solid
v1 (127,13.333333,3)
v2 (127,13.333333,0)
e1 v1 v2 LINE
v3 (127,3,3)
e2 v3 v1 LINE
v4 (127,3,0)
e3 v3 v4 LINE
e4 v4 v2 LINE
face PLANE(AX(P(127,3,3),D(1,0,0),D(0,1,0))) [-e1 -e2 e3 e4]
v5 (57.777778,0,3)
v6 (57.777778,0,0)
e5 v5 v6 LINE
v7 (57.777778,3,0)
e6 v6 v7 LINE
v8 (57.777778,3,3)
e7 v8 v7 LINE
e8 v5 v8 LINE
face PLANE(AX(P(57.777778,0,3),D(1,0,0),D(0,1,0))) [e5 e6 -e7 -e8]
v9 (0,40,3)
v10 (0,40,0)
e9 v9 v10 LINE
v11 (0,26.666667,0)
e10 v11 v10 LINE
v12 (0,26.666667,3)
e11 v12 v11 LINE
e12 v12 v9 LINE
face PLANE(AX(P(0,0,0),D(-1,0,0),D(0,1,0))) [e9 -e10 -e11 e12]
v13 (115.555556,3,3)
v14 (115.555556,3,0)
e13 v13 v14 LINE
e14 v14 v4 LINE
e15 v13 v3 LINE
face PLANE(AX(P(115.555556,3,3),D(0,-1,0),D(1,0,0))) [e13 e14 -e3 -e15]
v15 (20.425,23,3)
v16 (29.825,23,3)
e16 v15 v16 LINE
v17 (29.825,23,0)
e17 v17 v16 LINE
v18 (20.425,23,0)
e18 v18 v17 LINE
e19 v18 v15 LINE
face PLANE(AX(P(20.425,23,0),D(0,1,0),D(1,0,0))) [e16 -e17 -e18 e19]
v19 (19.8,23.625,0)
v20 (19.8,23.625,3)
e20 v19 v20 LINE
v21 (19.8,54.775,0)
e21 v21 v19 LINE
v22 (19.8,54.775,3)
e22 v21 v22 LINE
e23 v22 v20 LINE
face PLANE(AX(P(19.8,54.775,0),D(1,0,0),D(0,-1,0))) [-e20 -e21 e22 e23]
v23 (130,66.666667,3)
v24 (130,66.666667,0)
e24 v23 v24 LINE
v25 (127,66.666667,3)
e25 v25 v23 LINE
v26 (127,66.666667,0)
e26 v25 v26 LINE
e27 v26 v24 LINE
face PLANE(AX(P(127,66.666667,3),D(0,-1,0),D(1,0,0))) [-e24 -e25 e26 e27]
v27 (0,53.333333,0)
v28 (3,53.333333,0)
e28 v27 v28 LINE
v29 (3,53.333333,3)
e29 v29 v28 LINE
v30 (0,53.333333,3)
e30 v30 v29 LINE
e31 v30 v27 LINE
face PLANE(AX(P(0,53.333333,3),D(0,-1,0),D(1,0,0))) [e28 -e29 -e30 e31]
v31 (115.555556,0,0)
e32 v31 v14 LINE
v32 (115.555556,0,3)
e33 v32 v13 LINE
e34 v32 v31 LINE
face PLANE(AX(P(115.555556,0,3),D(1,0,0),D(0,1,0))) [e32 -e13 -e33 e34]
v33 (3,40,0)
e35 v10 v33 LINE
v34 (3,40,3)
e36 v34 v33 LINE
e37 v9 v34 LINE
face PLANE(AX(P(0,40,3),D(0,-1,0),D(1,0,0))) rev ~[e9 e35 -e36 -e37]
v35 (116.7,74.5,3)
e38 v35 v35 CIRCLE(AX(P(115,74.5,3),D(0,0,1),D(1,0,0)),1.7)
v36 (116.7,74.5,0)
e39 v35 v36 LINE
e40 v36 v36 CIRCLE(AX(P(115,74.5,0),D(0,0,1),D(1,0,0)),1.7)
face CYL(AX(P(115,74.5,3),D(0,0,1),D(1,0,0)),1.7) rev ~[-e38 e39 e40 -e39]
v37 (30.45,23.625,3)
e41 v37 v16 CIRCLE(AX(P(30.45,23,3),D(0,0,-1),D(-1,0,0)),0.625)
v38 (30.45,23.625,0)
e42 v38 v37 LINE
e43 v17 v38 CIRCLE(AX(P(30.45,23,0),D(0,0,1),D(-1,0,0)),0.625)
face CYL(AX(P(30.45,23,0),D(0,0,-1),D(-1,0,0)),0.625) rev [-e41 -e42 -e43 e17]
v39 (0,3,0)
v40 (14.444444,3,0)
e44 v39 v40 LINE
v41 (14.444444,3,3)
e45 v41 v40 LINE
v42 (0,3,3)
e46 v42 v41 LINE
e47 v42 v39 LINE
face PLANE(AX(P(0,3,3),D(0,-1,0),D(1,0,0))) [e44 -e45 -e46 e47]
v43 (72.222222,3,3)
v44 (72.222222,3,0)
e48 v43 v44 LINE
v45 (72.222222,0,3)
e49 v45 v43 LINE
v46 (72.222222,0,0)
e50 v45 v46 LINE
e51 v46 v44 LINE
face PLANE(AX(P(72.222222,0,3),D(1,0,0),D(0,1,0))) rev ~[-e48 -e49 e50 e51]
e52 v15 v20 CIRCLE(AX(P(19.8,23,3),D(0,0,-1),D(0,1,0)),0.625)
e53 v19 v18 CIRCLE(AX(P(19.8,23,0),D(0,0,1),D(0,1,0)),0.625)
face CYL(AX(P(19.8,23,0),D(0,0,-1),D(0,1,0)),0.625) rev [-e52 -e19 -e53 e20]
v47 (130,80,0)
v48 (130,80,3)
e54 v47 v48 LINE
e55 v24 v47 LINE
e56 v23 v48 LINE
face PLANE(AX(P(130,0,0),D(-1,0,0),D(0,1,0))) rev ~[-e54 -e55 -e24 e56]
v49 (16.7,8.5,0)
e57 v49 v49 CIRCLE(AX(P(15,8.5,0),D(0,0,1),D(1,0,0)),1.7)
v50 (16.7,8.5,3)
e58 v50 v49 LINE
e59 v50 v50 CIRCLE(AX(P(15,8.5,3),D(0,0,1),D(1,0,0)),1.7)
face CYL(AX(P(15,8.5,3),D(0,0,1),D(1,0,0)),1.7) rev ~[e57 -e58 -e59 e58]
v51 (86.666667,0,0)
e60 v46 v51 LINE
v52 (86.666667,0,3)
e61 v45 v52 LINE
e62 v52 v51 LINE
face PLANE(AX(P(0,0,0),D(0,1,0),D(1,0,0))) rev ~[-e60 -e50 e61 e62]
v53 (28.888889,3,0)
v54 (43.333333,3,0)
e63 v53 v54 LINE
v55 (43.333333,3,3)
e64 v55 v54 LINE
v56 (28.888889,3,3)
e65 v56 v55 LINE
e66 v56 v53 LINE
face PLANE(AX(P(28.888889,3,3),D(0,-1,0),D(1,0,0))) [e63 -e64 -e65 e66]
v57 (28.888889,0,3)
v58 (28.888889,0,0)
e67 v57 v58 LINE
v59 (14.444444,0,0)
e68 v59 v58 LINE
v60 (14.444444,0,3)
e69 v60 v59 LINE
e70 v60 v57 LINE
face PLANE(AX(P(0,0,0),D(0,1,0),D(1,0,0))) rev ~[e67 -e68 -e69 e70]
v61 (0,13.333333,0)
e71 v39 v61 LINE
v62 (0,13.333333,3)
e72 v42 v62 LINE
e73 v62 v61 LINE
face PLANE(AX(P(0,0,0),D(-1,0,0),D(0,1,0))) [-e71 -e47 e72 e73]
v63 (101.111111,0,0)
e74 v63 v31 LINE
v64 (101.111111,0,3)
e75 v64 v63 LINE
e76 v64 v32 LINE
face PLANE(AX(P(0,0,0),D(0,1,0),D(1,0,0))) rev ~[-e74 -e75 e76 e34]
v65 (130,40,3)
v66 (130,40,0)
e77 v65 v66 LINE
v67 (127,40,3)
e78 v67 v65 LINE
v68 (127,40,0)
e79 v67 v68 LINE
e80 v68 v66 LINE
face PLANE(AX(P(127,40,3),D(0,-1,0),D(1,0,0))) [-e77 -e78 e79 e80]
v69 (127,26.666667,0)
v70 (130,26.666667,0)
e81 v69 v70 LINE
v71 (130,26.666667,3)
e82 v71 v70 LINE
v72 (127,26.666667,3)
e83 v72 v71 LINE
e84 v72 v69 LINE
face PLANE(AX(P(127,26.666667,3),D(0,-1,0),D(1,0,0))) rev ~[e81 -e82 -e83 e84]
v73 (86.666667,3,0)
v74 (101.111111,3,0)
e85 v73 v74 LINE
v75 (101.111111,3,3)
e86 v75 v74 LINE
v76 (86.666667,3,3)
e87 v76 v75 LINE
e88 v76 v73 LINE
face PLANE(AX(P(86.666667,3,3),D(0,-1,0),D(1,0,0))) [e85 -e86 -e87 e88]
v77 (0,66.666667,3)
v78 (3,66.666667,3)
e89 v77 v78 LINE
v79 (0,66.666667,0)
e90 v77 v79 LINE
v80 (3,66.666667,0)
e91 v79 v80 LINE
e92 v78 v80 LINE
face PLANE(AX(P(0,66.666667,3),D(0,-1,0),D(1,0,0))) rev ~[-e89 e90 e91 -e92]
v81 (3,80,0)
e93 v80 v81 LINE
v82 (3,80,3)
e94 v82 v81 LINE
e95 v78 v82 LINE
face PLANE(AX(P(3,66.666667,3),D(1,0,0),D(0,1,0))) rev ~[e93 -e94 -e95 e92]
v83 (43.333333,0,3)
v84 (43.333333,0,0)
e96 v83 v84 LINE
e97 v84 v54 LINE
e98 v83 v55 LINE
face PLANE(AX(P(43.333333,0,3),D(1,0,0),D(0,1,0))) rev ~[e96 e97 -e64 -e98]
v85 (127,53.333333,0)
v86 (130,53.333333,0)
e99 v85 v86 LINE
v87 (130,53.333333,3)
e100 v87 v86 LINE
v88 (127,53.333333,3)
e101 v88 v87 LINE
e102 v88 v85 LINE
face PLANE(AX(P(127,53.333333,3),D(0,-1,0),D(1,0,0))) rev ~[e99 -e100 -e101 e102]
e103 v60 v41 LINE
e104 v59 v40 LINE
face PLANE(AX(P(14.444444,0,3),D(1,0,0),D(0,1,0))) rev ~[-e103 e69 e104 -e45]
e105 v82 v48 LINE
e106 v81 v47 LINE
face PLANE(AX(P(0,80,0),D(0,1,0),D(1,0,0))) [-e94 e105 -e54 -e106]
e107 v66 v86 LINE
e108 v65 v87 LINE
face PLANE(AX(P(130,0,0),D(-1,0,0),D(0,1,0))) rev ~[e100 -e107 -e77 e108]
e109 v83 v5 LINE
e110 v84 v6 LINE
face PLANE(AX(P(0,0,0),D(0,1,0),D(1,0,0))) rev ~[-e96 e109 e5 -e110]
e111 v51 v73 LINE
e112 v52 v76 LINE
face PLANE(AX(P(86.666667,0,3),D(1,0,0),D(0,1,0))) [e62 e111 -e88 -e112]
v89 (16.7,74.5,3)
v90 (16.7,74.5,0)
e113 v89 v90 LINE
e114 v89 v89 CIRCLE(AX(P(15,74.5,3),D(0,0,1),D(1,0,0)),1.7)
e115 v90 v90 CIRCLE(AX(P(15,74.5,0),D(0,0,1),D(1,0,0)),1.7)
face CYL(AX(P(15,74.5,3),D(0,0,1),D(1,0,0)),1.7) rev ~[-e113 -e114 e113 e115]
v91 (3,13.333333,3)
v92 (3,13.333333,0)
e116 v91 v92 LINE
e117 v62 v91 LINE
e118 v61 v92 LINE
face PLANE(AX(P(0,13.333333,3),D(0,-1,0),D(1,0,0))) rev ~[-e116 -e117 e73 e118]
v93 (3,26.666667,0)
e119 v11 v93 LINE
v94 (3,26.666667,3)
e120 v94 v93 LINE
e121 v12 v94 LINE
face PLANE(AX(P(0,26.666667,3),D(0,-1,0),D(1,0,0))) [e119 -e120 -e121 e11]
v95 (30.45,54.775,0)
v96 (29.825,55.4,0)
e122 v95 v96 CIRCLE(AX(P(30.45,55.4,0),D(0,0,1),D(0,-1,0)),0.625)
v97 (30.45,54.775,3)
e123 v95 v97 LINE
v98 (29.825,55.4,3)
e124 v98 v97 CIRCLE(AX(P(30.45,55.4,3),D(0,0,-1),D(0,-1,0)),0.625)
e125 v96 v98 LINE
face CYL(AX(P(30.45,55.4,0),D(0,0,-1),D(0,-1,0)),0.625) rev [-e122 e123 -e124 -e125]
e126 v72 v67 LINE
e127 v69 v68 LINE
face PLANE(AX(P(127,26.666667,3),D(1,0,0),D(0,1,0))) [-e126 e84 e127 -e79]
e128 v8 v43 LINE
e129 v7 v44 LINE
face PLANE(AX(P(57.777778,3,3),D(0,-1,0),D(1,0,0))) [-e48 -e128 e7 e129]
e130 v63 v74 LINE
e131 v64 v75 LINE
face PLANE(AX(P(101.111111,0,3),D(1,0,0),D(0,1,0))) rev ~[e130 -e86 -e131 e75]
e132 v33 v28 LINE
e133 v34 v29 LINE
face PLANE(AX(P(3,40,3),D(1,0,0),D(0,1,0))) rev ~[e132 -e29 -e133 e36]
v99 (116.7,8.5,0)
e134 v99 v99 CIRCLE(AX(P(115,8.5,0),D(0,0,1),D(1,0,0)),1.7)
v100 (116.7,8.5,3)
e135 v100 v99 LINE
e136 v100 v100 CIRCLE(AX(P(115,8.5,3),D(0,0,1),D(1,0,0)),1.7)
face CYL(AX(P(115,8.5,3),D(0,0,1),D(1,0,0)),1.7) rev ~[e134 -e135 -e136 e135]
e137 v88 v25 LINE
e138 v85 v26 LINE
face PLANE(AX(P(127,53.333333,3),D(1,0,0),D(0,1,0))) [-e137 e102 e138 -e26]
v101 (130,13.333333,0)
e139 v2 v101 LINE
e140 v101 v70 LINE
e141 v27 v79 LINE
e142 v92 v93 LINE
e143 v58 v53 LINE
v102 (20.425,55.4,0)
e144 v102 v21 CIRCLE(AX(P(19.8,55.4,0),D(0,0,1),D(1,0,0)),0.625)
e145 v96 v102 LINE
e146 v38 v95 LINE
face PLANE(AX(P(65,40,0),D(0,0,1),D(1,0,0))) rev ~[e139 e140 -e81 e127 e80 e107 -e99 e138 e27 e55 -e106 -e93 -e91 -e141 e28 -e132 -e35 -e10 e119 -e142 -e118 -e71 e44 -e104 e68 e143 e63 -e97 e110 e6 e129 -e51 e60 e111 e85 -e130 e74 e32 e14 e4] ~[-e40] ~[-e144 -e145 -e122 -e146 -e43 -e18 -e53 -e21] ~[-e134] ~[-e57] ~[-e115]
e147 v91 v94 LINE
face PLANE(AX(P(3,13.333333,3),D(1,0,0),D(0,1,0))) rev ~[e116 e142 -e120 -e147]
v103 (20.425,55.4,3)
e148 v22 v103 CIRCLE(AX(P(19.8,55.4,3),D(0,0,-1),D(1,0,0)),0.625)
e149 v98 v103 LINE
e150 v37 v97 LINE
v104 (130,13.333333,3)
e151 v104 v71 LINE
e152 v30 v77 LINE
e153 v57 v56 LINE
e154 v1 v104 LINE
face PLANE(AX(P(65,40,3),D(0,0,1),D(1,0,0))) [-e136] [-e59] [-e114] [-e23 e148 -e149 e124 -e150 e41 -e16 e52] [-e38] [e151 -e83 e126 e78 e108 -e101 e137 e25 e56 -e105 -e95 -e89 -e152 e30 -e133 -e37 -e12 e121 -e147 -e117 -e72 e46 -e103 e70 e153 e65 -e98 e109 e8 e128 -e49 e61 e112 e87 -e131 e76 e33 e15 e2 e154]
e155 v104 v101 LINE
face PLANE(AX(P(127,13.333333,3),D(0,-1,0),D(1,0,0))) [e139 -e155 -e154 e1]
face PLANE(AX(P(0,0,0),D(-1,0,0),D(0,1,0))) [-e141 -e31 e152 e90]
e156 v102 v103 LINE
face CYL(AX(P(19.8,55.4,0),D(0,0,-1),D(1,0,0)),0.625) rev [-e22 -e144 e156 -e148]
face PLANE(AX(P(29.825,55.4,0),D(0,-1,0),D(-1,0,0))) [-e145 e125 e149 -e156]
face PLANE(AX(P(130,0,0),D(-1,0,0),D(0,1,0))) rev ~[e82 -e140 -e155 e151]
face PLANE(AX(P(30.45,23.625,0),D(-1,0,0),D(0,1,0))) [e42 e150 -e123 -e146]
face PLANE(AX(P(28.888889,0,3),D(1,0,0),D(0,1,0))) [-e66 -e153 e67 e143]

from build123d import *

# Parameters (mm, degrees)
SKETCH1_W                   = 130
SKETCH1_H                   = 80
BOSS_EXTRUDE1_DEPTH         = 3
SKETCH2_W                   = 14.444444444
SKETCH2_H                   = 3
SKETCH2_W_2                 = 3
SKETCH2_H_2                 = 13.333333334
SKETCH2_H_3                 = 13.333333333
CUT_EXTRUDE1_DEPTH          = 153.672852859
CUT_CORNERPIECE_HOLES_REACH = 154.673
SKETCH3_R                   = 1.7
CUT_EXTRUDE3_REACH          = 154.673


with BuildPart() as part:
    # Sketch1 → Boss-Extrude1 (new body)
    with BuildSketch(Plane.XY):
        with Locations((65, 40)):
            Rectangle(SKETCH1_W, SKETCH1_H)
    extrude(amount=BOSS_EXTRUDE1_DEPTH)

    # Sketch2 → Cut-Extrude1 (cut, through all)
    with BuildSketch(Plane.XY.offset(3)):
        with Locations((7.222222222, 1.5)):
            Rectangle(SKETCH2_W, SKETCH2_H)
        with Locations((36.111111111, 1.5)):
            Rectangle(SKETCH2_W, SKETCH2_H)
        with Locations((65, 1.5)):
            Rectangle(SKETCH2_W, SKETCH2_H)
        with Locations((93.888888889, 1.5)):
            Rectangle(SKETCH2_W, SKETCH2_H)
        Polygon((115.555555556, 0), (115.555555556, 3), (127, 3), (127, 13.333333333), (130, 13.333333333), (130, 0), align=None)
        with Locations((1.5, 20)):
            Rectangle(SKETCH2_W_2, SKETCH2_H_2)
        with Locations((1.5, 46.666666667)):
            Rectangle(SKETCH2_W_2, SKETCH2_H_3)
        with Locations((1.5, 73.333333334)):
            Rectangle(SKETCH2_W_2, SKETCH2_H_3)
        with Locations((128.5, 33.333333334)):
            Rectangle(SKETCH2_W_2, SKETCH2_H_3)
        with Locations((128.5, 60)):
            Rectangle(SKETCH2_W_2, SKETCH2_H_2)
    extrude(amount=-CUT_EXTRUDE1_DEPTH, mode=Mode.SUBTRACT)

    # Sketch3 → Cut cornerpiece holes (cut, up to next)
    with BuildSketch(Plane.XY.offset(3), mode=Mode.PRIVATE) as cut_cornerpiece_holes_sk1:
        with Locations((15, 74.5)):
            Circle(SKETCH3_R)
    cut_cornerpiece_holes_tool1 = extrude(cut_cornerpiece_holes_sk1.sketch, amount=-CUT_CORNERPIECE_HOLES_REACH, mode=Mode.PRIVATE) & part.part
    # Sketch3 → Cut cornerpiece holes (cut, up to next)
    with BuildSketch(Plane.XY.offset(3), mode=Mode.PRIVATE) as cut_cornerpiece_holes_sk2:
        with Locations((115, 74.5)):
            Circle(SKETCH3_R)
    cut_cornerpiece_holes_tool2 = extrude(cut_cornerpiece_holes_sk2.sketch, amount=-CUT_CORNERPIECE_HOLES_REACH, mode=Mode.PRIVATE) & part.part
    # Sketch3 → Cut cornerpiece holes (cut, up to next)
    with BuildSketch(Plane.XY.offset(3), mode=Mode.PRIVATE) as cut_cornerpiece_holes_sk3:
        with Locations((15, 8.5)):
            Circle(SKETCH3_R)
    cut_cornerpiece_holes_tool3 = extrude(cut_cornerpiece_holes_sk3.sketch, amount=-CUT_CORNERPIECE_HOLES_REACH, mode=Mode.PRIVATE) & part.part
    # Sketch3 → Cut cornerpiece holes (cut, up to next)
    with BuildSketch(Plane.XY.offset(3), mode=Mode.PRIVATE) as cut_cornerpiece_holes_sk4:
        with Locations((115, 8.5)):
            Circle(SKETCH3_R)
    cut_cornerpiece_holes_tool4 = extrude(cut_cornerpiece_holes_sk4.sketch, amount=-CUT_CORNERPIECE_HOLES_REACH, mode=Mode.PRIVATE) & part.part
    add(cut_cornerpiece_holes_tool1.solids().sort_by_distance((15, 74.5, 3))[0], mode=Mode.SUBTRACT)
    add(cut_cornerpiece_holes_tool2.solids().sort_by_distance((115, 74.5, 3))[0], mode=Mode.SUBTRACT)
    add(cut_cornerpiece_holes_tool3.solids().sort_by_distance((15, 8.5, 3))[0], mode=Mode.SUBTRACT)
    add(cut_cornerpiece_holes_tool4.solids().sort_by_distance((115, 8.5, 3))[0], mode=Mode.SUBTRACT)

    # Sketch4 → Cut-Extrude3 (cut, up to next)
    with BuildSketch(Plane(origin=(0, 0, 0), x_dir=(-1, 0, 0), z_dir=(0, 0, -1)), mode=Mode.PRIVATE) as cut_extrude3_sk1:
        with BuildLine():
            Line((-29.825, 55.4), (-20.425, 55.4))
            ThreePointArc((-20.425, 55.4), (-19.358058262, 55.841941738), (-19.8, 54.775))
            Line((-19.8, 54.775), (-19.8, 23.625))
            ThreePointArc((-19.8, 23.625), (-19.358058262, 22.558058262), (-20.425, 23))
            Line((-20.425, 23), (-29.825, 23))
            ThreePointArc((-29.825, 23), (-30.891941738, 22.558058262), (-30.45, 23.625))
            Line((-30.45, 23.625), (-30.45, 54.775))
            ThreePointArc((-30.45, 54.775), (-30.891941738, 55.841941738), (-29.825, 55.4))
        make_face()
    cut_extrude3_tool1 = extrude(cut_extrude3_sk1.sketch, amount=-CUT_EXTRUDE3_REACH, mode=Mode.PRIVATE) & part.part
    add(cut_extrude3_tool1.solids().sort_by_distance((25.125, 39.2, 0))[0], mode=Mode.SUBTRACT)


solid = part.part
